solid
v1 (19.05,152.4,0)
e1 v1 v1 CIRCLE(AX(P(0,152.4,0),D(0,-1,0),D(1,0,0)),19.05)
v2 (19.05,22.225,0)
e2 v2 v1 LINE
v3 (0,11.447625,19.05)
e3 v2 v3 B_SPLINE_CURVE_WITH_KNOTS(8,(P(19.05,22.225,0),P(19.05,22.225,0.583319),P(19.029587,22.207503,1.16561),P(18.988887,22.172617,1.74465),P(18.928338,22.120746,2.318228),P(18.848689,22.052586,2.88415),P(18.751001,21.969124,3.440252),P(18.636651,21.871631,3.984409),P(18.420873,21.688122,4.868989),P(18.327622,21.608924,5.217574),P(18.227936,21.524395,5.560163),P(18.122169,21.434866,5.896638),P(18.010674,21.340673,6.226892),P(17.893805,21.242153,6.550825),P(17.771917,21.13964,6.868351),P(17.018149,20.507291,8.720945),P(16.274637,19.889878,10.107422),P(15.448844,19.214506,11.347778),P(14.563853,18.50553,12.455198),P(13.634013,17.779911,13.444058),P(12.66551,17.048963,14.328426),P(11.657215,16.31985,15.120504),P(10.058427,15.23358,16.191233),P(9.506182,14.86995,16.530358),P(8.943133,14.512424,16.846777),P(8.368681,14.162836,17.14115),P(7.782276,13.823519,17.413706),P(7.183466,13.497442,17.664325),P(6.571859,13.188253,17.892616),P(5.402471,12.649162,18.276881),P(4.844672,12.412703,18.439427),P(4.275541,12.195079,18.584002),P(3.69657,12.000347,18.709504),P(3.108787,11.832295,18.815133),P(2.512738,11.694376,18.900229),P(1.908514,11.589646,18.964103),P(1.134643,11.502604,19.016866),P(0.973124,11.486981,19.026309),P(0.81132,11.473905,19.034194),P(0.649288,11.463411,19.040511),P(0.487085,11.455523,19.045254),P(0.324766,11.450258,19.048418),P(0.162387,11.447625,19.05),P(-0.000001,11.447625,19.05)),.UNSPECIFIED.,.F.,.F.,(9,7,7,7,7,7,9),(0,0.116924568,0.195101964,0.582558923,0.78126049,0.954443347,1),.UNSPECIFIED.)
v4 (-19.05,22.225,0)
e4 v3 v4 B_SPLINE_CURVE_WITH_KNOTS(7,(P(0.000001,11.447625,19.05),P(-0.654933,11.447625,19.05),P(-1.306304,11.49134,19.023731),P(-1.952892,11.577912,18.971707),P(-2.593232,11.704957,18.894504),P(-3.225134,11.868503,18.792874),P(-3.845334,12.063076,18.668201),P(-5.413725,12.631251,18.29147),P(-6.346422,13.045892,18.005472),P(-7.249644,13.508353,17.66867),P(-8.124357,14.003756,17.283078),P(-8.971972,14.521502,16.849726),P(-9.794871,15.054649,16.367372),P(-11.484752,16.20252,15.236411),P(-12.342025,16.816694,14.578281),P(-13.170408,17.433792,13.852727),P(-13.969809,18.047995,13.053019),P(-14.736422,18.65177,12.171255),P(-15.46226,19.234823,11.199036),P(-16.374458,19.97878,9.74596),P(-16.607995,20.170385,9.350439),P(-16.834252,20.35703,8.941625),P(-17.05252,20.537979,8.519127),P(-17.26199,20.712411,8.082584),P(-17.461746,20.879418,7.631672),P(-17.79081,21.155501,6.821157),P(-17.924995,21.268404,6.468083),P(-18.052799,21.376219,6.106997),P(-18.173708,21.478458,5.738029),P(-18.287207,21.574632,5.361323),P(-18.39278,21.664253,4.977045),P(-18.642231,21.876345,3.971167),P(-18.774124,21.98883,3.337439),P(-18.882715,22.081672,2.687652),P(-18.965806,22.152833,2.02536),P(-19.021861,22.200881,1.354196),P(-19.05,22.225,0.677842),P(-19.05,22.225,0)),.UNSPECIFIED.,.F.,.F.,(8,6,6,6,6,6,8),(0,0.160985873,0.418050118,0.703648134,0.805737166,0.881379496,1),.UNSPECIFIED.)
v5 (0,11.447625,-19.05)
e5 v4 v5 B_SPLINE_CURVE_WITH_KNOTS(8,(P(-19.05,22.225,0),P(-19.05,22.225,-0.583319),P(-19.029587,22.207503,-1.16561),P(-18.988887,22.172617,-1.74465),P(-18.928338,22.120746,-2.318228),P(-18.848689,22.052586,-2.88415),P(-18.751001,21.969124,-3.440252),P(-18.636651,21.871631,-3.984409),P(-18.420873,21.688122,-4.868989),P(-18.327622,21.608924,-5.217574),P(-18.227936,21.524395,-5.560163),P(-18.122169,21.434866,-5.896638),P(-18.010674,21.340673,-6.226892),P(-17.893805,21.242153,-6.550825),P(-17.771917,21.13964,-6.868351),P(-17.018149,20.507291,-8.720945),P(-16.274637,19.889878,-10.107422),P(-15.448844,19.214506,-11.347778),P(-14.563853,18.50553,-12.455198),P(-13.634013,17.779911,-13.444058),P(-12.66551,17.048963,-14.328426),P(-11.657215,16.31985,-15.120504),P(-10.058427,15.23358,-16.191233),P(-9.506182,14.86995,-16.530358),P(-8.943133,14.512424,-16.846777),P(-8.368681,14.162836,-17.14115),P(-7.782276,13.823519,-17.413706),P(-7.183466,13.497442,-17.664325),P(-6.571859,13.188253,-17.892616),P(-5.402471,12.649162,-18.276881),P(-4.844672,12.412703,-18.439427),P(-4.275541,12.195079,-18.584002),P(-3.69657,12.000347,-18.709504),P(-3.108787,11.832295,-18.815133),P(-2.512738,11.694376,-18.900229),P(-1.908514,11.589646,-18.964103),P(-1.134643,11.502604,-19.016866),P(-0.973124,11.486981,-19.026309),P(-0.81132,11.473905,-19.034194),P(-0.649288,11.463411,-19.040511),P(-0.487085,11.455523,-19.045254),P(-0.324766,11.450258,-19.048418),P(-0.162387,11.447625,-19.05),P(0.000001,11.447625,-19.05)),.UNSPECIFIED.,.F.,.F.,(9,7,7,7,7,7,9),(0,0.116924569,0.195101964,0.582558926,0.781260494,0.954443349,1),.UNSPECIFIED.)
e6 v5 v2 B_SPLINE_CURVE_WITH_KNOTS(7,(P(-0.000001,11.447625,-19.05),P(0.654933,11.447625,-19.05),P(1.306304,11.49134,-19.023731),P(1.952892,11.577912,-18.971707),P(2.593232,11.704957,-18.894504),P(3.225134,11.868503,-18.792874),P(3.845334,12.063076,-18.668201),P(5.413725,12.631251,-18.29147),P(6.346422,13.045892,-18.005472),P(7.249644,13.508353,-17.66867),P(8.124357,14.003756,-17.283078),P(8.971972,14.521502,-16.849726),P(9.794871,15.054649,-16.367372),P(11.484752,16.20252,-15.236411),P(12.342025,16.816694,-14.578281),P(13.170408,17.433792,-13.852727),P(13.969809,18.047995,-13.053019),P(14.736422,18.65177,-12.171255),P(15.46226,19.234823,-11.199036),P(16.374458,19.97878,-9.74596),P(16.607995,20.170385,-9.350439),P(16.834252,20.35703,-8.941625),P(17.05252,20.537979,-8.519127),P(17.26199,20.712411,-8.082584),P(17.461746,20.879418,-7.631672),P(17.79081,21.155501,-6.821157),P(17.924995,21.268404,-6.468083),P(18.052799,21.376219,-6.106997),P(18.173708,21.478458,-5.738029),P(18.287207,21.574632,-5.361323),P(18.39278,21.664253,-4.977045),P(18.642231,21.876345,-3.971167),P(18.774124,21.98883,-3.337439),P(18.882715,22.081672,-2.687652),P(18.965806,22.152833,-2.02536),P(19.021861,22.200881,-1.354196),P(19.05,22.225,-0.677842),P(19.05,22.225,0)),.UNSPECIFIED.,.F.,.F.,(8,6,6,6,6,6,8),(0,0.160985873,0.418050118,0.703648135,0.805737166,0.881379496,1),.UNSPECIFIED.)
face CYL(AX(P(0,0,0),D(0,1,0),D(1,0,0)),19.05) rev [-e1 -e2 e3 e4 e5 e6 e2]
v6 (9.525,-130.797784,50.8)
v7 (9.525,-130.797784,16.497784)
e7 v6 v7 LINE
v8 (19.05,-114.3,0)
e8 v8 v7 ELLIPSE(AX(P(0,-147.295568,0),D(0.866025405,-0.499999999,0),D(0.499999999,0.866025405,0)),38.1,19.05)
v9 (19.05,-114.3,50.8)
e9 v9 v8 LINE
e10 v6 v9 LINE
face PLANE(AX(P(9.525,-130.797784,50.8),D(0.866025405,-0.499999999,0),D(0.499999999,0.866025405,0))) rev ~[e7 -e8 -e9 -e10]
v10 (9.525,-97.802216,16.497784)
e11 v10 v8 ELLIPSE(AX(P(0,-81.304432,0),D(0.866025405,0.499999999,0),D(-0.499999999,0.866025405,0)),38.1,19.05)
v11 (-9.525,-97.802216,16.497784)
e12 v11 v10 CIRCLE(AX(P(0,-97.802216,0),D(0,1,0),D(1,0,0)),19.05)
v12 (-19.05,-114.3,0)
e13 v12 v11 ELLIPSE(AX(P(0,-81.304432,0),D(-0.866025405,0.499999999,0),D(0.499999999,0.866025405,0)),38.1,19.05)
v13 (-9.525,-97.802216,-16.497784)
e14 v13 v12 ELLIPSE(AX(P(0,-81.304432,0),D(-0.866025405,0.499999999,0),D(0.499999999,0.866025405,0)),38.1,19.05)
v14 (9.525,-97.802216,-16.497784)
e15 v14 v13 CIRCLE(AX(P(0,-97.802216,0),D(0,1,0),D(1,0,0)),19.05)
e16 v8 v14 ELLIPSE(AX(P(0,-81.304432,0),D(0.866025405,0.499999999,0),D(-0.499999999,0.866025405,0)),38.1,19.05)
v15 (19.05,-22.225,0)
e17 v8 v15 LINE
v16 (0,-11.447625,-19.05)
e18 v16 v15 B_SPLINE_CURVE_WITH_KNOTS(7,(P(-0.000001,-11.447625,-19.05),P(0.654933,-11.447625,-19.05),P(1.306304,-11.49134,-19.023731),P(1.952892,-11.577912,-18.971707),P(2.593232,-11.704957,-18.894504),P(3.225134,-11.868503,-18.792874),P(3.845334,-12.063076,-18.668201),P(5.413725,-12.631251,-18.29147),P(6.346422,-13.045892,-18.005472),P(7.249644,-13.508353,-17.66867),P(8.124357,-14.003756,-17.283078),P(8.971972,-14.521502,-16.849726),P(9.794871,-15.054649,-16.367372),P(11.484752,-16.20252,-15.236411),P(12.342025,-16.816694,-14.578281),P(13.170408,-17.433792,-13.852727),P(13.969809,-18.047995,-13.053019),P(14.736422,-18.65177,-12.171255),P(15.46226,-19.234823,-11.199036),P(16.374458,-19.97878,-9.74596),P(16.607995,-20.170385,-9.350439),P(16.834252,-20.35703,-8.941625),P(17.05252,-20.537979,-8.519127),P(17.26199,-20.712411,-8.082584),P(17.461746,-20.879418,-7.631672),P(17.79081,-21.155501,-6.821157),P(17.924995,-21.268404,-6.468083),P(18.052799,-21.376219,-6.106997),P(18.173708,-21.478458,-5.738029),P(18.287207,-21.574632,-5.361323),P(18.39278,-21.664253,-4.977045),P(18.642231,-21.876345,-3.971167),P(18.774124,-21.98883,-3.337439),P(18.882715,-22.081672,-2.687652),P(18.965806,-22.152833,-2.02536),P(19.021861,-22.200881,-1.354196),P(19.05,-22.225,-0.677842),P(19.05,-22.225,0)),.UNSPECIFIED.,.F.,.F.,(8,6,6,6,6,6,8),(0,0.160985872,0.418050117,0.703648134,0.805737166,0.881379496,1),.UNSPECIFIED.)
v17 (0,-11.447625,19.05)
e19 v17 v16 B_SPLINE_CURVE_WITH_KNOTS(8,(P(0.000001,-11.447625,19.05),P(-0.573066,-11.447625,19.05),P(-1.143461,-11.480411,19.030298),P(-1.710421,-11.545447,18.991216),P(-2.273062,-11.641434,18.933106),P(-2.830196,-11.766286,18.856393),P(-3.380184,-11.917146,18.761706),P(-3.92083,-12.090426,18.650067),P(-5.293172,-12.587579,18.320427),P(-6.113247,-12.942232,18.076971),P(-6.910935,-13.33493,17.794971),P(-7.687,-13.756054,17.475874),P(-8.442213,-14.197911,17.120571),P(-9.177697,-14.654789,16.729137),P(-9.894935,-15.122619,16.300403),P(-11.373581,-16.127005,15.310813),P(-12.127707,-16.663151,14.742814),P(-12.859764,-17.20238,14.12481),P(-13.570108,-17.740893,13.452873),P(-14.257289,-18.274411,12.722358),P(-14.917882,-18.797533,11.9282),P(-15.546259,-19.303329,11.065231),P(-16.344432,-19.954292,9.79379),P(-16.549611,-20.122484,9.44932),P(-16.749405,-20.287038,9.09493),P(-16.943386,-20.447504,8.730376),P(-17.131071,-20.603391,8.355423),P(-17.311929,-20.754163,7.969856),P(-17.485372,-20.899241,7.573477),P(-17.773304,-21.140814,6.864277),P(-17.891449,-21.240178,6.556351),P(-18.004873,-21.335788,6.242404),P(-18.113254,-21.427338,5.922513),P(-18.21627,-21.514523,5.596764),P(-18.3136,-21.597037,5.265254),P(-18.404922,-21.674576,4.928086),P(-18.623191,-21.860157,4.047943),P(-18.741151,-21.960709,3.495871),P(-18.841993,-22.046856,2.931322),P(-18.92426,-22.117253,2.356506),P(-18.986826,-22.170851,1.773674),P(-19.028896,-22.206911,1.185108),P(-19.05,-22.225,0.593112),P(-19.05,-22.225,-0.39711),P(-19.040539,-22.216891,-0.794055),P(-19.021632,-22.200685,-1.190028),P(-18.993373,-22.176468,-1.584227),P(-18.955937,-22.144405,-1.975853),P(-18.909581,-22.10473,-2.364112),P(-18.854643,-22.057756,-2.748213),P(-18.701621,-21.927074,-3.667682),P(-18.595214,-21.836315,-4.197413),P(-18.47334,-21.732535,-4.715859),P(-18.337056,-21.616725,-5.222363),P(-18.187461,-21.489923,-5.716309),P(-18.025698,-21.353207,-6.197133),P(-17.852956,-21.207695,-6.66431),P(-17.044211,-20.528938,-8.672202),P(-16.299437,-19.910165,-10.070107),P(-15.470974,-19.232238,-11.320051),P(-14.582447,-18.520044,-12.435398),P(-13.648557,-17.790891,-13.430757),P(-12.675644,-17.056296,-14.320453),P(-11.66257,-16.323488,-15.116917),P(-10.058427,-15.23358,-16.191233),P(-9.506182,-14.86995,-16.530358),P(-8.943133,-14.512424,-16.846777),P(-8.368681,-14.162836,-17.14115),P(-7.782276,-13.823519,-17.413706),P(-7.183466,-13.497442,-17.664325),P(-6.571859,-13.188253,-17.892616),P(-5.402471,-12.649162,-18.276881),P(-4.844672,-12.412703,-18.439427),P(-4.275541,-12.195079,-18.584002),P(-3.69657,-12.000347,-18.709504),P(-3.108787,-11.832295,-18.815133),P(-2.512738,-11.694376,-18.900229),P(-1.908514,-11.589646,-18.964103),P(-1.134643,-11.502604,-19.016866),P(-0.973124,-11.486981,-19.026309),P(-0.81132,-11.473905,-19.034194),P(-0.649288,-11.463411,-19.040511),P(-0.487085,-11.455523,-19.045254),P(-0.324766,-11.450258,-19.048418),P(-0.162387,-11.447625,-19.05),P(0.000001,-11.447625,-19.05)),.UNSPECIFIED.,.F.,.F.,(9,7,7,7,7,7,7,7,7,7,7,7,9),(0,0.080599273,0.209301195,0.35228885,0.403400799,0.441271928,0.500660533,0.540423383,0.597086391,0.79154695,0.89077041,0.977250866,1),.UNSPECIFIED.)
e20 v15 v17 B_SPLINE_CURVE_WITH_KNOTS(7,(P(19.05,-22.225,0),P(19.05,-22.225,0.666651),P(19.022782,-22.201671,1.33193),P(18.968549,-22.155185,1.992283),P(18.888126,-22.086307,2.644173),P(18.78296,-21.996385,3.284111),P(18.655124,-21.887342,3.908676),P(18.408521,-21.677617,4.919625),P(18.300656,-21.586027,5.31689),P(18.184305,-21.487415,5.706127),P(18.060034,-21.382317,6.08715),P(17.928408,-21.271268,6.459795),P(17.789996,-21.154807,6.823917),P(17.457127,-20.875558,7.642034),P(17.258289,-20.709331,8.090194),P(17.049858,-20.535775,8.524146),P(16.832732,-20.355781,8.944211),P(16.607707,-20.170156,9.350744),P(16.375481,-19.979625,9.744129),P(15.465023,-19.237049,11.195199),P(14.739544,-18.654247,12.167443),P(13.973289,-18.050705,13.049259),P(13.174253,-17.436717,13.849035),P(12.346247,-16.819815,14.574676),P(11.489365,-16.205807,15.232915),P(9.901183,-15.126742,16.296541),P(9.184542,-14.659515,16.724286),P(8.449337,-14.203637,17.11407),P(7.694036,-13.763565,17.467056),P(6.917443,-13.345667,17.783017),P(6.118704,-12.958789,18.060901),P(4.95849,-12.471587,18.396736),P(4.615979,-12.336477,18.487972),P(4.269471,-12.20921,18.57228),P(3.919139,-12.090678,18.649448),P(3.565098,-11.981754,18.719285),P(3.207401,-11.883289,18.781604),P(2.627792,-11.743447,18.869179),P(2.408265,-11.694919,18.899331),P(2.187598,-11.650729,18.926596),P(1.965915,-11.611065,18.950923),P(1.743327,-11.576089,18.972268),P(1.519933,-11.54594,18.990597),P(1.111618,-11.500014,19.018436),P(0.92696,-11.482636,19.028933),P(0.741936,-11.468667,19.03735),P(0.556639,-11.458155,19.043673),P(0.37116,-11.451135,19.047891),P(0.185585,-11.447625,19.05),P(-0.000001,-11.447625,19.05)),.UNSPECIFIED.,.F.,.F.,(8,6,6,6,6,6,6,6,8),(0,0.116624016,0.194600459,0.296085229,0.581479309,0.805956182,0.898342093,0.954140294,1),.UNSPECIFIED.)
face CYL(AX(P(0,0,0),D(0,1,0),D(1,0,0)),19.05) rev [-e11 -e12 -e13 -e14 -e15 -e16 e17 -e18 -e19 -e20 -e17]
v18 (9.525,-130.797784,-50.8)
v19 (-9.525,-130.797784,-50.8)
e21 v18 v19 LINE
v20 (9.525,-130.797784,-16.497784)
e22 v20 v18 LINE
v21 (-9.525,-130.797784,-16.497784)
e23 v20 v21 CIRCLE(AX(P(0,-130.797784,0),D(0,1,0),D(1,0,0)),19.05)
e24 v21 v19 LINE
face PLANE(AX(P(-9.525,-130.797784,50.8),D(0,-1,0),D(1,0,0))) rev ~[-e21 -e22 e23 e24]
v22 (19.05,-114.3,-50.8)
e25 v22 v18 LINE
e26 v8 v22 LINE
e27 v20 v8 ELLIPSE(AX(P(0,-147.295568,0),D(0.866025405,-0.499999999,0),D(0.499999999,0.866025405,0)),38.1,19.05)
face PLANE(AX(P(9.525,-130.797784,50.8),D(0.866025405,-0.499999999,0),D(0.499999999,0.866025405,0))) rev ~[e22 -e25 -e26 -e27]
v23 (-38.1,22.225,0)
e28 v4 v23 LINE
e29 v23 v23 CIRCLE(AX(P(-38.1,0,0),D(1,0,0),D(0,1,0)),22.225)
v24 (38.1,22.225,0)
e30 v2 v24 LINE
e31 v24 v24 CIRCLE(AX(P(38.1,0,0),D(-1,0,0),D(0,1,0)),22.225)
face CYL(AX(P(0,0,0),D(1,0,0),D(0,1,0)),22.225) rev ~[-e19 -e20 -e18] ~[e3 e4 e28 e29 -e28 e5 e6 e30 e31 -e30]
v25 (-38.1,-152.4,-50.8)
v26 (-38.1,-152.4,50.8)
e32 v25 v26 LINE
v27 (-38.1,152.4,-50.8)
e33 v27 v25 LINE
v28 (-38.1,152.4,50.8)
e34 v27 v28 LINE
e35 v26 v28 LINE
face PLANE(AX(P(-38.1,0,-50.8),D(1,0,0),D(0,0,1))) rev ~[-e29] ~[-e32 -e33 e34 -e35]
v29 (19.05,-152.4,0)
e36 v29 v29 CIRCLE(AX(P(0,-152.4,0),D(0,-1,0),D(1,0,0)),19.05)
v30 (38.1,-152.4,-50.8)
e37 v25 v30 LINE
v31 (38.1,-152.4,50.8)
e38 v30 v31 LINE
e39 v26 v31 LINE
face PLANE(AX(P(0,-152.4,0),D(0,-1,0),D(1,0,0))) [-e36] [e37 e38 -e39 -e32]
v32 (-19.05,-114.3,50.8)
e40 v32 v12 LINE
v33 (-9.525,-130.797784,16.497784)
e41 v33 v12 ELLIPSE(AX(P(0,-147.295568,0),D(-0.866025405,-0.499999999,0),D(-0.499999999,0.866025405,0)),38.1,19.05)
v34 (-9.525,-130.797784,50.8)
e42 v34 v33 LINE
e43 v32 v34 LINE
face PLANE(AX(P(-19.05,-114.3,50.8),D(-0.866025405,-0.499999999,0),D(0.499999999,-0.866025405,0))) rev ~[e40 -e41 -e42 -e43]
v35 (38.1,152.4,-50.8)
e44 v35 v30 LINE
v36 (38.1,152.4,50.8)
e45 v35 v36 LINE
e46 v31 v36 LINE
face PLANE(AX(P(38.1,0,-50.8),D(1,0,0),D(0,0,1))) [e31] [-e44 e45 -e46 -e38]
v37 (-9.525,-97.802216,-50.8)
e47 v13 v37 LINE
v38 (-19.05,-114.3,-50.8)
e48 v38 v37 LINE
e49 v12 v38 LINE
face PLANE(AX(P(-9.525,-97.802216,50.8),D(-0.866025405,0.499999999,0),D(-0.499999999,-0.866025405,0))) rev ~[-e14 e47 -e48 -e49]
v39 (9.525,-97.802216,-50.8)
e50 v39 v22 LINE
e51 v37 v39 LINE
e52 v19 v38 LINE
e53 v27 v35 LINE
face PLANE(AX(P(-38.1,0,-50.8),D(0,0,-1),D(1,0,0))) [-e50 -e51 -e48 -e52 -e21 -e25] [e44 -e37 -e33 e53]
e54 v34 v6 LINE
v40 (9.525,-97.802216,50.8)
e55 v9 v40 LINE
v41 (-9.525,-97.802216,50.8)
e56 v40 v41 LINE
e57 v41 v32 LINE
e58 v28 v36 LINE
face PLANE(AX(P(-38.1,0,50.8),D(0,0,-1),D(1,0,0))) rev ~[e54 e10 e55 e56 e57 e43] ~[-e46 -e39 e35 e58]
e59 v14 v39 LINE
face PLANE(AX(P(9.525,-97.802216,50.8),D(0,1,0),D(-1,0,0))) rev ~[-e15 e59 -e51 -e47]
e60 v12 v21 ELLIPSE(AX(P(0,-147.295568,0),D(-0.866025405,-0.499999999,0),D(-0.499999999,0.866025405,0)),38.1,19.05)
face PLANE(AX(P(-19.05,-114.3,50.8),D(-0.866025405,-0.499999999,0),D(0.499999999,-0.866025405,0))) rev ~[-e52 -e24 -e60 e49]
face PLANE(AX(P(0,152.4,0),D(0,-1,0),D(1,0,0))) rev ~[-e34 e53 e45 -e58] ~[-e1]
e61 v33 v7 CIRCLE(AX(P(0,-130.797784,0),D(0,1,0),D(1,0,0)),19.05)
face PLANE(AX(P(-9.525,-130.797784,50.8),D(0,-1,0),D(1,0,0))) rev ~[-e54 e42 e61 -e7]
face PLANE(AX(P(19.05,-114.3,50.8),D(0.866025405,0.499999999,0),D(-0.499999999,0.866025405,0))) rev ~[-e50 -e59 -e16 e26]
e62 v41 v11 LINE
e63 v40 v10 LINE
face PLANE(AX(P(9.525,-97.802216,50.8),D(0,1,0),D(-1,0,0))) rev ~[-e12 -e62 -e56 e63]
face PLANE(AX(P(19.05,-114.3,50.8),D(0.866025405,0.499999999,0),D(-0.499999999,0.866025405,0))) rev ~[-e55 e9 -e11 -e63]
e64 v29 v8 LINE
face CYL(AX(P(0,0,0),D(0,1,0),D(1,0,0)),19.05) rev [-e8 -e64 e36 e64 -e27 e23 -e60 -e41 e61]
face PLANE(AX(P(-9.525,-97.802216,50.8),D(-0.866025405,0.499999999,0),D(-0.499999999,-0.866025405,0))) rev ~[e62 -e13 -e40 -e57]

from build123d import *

# Parameters (mm, degrees)
F0_W          = 76.2
F0_H          = 101.6
F0_R          = 19.05
F1_DEPTH      = 152.4
F2_R          = 22.225
F3_DEPTH      = 38.101
F3_DEPTH_BACK = 139.23277
F5_DEPTH      = 101.601


with BuildPart() as f1:
    # F0 (on Front) → F1 (new body, symmetric)
    with BuildSketch(Plane.XZ):
        Rectangle(F0_W, F0_H)
        Circle(F0_R, mode=Mode.SUBTRACT)
    extrude(amount=F1_DEPTH, both=True)

    # F2 (on Right) → F3 (cut, two sides)
    with BuildSketch(Plane.YZ) as f3_sk:
        Circle(F2_R)
    extrude(amount=F3_DEPTH, mode=Mode.SUBTRACT)
    extrude(f3_sk.sketch, amount=-F3_DEPTH_BACK, mode=Mode.SUBTRACT)

    # F4 (on face) → F5 (cut, through all)
    with BuildSketch(Plane.XY.offset(50.8)):
        Polygon((9.525, -97.802216), (-9.525, -97.802216), (-19.05, -114.3), (-9.525, -130.797784), (9.525, -130.797784), (19.05, -114.3), align=None)
    extrude(amount=-F5_DEPTH, mode=Mode.SUBTRACT)


solid = f1.part
